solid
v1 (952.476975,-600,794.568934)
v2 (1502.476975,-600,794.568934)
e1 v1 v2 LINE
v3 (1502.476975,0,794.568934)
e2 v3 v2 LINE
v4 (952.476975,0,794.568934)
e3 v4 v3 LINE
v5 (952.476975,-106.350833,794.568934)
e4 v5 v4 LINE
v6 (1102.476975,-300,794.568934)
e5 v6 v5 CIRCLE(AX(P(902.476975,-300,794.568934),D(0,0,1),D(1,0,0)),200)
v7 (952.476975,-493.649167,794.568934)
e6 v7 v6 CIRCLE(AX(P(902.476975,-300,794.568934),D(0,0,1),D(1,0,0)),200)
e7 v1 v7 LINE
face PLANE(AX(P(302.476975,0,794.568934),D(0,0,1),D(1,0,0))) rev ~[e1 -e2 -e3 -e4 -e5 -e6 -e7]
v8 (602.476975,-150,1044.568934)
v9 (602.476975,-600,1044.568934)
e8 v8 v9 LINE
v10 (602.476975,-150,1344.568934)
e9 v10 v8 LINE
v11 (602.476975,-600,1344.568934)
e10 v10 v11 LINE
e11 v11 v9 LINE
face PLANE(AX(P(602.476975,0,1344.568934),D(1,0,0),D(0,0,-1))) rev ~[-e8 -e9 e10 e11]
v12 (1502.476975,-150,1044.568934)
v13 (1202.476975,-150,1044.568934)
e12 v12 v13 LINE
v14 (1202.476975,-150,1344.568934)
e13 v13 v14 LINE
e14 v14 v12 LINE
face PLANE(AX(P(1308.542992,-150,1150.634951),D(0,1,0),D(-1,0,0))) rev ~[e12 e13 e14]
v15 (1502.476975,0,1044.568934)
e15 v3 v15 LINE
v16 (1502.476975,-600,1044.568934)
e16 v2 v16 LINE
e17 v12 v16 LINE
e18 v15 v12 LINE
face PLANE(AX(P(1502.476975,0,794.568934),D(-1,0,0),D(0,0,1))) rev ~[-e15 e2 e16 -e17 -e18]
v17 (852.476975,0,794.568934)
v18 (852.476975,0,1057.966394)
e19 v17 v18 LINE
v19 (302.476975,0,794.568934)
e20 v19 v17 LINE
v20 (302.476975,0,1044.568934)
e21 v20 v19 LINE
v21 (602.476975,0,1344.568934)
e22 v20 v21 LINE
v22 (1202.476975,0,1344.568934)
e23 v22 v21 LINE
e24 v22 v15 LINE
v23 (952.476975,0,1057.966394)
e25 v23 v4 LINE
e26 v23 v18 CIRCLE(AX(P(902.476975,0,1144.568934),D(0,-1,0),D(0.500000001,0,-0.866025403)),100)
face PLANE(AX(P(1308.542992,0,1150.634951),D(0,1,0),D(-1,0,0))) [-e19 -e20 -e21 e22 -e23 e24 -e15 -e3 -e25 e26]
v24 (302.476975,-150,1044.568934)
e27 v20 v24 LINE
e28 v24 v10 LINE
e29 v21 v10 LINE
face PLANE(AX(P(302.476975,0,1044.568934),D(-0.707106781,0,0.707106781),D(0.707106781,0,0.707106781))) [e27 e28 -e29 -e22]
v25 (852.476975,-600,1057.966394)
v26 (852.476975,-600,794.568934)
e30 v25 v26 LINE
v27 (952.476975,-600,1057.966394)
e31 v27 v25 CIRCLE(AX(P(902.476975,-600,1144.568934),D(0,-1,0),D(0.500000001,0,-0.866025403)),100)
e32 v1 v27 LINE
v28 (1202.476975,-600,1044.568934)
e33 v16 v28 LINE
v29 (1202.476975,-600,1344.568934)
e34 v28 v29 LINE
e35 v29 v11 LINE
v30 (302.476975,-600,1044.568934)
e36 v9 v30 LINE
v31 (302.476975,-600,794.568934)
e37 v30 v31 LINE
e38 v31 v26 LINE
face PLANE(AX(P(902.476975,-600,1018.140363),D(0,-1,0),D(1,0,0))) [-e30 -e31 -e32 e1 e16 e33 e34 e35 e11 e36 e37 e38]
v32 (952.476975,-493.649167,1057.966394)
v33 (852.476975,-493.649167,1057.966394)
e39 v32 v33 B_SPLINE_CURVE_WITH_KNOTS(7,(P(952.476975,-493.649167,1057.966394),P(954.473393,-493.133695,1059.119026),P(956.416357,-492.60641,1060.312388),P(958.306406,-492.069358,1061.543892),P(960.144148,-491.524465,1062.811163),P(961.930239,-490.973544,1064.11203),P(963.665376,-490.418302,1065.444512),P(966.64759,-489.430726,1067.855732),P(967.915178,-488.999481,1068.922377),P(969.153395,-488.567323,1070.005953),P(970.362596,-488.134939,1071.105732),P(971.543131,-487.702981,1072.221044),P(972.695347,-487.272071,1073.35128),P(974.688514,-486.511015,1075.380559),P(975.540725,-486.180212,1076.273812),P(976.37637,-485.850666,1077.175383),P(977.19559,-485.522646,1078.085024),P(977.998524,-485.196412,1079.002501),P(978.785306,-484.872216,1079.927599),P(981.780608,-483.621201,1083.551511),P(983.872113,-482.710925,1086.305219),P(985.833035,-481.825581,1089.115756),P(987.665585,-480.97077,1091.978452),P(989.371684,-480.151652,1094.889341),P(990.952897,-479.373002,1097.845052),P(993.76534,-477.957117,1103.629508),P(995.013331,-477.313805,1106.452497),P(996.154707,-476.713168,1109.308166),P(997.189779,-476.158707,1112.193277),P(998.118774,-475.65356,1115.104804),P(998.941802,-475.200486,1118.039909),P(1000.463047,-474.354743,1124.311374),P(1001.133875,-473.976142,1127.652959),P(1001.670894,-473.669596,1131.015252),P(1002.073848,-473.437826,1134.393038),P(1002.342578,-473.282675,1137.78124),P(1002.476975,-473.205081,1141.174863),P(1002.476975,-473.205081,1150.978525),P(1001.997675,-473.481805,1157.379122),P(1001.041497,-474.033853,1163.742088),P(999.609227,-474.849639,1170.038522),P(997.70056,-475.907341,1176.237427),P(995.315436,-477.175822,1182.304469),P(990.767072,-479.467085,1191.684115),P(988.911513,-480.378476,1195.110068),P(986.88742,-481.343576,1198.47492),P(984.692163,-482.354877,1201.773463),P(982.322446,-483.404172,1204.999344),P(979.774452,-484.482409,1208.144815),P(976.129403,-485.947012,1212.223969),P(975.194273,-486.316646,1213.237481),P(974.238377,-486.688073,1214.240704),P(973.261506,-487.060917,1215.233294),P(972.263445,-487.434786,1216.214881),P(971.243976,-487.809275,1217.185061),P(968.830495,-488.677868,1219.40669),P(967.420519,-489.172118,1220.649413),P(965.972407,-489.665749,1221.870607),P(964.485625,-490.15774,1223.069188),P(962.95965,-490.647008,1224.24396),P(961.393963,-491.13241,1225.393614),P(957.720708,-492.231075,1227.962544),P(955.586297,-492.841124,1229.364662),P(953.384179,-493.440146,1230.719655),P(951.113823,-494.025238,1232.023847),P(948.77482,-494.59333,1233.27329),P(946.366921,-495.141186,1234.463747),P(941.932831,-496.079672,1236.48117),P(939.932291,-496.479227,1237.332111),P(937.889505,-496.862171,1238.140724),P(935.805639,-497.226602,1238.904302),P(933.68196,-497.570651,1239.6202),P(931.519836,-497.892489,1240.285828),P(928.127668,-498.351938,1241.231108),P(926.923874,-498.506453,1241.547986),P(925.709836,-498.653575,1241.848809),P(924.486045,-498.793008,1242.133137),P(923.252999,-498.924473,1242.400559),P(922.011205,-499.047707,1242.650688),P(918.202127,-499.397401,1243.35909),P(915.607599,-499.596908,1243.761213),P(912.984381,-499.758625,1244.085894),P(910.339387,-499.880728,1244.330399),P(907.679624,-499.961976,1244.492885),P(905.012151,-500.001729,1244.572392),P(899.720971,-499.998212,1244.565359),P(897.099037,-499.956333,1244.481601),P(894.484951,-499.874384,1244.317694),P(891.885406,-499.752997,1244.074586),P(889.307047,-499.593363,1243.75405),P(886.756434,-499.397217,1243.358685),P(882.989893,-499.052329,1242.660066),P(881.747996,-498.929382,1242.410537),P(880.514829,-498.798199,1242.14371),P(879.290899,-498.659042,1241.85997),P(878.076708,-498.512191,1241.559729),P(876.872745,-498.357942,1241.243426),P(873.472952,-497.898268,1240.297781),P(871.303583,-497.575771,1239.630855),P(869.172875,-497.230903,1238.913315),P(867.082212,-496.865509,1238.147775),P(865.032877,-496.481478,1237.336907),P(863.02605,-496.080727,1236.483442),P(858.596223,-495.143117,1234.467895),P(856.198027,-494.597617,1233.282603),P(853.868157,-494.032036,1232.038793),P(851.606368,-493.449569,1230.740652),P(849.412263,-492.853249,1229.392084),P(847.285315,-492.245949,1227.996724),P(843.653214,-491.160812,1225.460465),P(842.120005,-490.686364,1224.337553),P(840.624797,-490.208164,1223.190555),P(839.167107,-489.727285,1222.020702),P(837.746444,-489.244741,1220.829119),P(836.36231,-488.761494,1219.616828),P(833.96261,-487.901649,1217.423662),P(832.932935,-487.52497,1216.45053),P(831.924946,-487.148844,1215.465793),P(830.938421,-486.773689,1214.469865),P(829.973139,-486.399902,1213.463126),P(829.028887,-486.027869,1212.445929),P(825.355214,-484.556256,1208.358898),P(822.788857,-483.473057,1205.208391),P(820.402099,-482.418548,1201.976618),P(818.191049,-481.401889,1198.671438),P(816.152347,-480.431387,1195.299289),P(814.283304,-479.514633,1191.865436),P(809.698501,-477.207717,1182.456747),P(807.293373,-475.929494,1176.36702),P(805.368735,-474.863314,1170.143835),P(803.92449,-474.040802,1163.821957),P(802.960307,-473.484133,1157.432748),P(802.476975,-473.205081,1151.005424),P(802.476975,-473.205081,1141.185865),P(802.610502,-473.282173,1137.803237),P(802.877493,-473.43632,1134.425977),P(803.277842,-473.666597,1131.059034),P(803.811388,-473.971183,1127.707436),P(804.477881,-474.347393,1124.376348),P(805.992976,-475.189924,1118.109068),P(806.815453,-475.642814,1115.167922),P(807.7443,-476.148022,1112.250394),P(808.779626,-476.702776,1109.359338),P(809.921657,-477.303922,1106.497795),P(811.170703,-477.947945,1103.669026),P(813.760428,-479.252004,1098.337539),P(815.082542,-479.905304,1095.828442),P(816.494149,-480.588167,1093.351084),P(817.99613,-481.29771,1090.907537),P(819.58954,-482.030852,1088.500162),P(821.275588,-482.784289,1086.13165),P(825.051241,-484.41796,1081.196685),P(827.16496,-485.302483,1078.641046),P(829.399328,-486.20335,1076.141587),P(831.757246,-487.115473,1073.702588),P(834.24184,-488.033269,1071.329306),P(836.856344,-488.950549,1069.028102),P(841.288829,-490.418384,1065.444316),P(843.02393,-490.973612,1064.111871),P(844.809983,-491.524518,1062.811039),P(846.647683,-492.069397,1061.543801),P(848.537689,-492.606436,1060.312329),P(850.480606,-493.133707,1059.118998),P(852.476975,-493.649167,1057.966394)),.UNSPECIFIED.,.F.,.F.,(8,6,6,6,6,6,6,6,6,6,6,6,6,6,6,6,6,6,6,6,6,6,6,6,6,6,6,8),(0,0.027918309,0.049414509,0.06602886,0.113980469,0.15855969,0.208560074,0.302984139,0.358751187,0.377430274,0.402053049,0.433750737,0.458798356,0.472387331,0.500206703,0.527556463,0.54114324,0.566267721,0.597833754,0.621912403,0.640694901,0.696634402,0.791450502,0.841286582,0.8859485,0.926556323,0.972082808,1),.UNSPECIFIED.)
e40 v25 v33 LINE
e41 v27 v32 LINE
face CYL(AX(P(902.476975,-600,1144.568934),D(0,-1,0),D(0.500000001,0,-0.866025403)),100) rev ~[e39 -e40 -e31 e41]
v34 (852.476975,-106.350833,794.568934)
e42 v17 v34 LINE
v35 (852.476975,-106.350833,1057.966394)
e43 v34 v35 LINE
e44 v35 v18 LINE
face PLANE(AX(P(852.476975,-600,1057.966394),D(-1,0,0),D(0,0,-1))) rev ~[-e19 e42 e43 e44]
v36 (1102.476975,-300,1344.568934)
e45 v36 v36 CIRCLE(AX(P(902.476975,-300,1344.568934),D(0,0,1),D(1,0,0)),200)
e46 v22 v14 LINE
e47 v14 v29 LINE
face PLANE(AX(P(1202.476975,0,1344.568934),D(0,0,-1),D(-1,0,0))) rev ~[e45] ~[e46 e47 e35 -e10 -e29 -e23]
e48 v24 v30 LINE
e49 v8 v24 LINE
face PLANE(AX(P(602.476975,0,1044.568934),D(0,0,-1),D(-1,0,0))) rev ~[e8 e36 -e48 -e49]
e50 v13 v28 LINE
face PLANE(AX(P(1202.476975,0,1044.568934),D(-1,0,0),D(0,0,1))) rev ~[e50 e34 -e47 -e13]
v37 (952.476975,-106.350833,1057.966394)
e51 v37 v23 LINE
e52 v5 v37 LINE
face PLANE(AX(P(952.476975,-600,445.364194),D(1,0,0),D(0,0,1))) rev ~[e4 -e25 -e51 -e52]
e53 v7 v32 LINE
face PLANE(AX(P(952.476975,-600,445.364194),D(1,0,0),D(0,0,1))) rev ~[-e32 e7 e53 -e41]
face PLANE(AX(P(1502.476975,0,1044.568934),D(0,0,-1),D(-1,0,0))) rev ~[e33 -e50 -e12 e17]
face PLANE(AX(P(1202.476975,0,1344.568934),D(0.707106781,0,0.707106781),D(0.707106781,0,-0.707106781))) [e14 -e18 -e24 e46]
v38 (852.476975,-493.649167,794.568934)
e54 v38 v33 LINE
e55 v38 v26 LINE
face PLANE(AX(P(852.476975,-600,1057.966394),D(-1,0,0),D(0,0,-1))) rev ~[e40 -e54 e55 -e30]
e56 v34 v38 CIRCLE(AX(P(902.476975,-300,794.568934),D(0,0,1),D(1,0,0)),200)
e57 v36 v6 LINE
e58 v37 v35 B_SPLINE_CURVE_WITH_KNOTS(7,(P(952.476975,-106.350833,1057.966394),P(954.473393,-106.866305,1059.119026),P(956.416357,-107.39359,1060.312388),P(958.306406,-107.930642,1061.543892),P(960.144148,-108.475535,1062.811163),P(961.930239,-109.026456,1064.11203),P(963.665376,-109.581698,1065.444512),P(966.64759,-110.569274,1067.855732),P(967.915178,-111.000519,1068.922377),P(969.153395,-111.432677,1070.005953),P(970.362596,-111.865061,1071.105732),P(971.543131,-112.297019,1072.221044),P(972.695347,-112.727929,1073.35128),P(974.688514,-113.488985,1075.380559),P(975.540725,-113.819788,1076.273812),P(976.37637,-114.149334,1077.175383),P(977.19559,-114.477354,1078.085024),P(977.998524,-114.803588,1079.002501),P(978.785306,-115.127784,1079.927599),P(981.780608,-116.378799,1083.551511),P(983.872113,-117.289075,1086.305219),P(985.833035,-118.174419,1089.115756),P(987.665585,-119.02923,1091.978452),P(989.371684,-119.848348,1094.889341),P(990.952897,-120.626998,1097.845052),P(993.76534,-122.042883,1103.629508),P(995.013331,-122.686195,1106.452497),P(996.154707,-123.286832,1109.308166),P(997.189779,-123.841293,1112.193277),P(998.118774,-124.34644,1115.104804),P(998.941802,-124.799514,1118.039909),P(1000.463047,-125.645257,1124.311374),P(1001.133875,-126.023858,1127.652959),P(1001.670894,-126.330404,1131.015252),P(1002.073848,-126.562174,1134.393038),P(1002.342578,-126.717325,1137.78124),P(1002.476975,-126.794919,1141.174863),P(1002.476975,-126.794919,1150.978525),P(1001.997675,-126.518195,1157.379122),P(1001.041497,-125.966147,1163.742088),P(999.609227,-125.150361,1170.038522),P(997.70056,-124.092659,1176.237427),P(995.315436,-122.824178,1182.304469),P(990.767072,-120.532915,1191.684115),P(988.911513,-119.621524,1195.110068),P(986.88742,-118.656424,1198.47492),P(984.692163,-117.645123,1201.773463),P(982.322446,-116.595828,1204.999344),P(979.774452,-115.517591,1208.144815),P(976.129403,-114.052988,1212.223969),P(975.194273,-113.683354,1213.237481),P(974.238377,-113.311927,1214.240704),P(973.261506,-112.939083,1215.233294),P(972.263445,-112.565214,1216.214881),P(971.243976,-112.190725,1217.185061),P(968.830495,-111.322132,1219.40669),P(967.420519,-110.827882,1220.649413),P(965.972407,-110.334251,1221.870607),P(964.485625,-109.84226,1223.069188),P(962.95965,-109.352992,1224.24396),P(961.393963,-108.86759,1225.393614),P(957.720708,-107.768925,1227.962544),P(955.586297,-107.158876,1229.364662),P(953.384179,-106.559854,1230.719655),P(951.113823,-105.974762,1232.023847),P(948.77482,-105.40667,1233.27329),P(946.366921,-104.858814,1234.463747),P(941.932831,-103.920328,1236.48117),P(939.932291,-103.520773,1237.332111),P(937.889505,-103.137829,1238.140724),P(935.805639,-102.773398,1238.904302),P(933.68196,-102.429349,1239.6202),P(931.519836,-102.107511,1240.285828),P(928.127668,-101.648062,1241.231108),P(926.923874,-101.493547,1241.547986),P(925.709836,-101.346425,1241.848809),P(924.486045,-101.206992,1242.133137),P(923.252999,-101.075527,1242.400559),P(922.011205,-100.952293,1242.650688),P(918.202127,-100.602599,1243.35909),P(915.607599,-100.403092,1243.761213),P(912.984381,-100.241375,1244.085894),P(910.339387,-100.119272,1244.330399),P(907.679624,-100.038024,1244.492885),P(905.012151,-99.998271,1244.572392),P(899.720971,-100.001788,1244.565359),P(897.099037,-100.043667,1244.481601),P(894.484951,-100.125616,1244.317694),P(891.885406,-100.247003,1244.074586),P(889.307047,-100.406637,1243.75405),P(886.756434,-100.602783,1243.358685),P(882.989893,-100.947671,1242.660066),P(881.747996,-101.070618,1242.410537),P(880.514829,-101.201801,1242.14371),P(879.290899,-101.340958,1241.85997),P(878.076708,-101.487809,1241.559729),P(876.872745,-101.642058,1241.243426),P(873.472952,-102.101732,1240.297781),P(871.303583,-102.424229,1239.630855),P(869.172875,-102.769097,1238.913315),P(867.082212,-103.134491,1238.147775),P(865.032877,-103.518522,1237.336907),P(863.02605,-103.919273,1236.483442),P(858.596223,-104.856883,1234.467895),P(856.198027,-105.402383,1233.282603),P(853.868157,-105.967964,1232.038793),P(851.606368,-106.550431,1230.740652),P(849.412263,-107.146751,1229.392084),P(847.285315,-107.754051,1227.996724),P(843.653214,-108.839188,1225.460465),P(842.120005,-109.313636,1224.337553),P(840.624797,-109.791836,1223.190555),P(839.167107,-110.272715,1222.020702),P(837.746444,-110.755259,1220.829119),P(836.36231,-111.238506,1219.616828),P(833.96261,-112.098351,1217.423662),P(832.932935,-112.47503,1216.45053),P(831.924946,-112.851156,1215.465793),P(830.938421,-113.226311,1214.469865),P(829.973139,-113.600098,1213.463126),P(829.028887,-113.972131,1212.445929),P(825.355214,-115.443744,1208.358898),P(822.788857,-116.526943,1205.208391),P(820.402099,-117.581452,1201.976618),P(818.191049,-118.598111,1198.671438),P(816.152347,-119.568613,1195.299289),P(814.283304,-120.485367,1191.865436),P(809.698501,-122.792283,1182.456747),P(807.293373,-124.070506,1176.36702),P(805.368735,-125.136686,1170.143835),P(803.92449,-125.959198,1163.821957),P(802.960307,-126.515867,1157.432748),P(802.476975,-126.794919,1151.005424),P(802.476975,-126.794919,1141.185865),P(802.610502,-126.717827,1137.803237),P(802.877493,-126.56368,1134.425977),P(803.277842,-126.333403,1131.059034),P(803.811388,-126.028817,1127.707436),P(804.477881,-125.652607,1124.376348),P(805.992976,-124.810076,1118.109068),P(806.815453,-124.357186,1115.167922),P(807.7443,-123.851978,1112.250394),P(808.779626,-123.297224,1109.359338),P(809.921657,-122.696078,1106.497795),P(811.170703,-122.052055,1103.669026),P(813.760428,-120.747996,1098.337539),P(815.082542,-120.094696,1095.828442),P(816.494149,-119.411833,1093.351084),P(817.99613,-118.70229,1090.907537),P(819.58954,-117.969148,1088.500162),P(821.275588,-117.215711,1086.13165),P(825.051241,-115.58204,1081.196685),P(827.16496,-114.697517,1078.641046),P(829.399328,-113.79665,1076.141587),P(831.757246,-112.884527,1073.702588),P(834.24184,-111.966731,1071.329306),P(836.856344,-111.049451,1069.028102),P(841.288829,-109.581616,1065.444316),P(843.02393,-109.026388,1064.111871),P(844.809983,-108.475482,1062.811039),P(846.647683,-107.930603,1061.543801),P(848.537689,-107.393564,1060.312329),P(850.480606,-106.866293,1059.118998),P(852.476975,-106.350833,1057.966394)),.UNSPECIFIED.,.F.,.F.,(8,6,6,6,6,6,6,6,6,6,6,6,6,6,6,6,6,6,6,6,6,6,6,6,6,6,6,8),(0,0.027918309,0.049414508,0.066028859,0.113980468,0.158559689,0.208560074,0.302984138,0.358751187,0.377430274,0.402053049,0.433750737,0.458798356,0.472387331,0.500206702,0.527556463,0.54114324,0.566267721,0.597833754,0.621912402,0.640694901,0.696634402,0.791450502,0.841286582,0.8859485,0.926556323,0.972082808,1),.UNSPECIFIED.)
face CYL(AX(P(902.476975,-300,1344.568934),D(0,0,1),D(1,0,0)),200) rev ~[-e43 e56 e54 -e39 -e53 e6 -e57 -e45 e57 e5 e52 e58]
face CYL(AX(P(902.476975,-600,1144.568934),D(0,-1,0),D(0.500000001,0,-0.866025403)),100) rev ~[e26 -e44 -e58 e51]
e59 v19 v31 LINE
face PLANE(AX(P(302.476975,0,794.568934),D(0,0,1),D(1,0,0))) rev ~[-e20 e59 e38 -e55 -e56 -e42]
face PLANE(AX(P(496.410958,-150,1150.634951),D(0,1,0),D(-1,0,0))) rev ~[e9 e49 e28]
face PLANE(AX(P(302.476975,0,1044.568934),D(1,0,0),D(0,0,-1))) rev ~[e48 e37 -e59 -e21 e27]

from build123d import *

# Parameters (mm, degrees)
F1_DEPTH = 600
F3_DEPTH = 150
F5_DEPTH = 600.001
F6_R     = 200
F7_DEPTH = 550.001


with BuildPart() as f1:
    # F0 (on Front) → F1 (new body)
    with BuildSketch(Plane.XZ):
        Polygon((302.476975, 1044.568934), (302.476975, 794.568934), (1502.476975, 794.568934), (1502.476975, 1044.568934), (1202.476975, 1044.568934), (1202.476975, 1344.568934), (602.476975, 1344.568934), (602.476975, 1044.568934), align=None)
    extrude(amount=F1_DEPTH)

    # F2 (on face) → F3 (join)
    with BuildSketch(Plane(origin=(0, 0, 0), x_dir=(-1, 0, 0), z_dir=(0, 1, 0))):
        Polygon((-1202.476975, 1344.568934), (-1502.476975, 1044.568934), (-1202.476975, 1044.568934), align=None)
        Polygon((-302.476975, 1044.568934), (-602.476975, 1344.568934), (-602.476975, 1044.568934), align=None)
    extrude(amount=-F3_DEPTH)

    # F4 (on face) → F5 (cut, through all)
    with BuildSketch(Plane.XZ.offset(600)):
        with BuildLine():
            Line((952.476975, 445.364194), (952.476975, 1057.966394))
            ThreePointArc((952.476975, 1057.966394), (902.476975, 1244.568934), (852.476975, 1057.966394))
            Line((852.476975, 1057.966394), (852.476975, 445.364194))
            Line((852.476975, 445.364194), (952.476975, 445.364194))
        make_face()
    extrude(amount=-F5_DEPTH, mode=Mode.SUBTRACT)

    # F6 (on face) → F7 (cut, through all)
    with BuildSketch(Plane.XY.offset(1344.568934)):
        with Locations((902.476975, -300)):
            Circle(F6_R)
    extrude(amount=-F7_DEPTH, mode=Mode.SUBTRACT)


solid = f1.part
